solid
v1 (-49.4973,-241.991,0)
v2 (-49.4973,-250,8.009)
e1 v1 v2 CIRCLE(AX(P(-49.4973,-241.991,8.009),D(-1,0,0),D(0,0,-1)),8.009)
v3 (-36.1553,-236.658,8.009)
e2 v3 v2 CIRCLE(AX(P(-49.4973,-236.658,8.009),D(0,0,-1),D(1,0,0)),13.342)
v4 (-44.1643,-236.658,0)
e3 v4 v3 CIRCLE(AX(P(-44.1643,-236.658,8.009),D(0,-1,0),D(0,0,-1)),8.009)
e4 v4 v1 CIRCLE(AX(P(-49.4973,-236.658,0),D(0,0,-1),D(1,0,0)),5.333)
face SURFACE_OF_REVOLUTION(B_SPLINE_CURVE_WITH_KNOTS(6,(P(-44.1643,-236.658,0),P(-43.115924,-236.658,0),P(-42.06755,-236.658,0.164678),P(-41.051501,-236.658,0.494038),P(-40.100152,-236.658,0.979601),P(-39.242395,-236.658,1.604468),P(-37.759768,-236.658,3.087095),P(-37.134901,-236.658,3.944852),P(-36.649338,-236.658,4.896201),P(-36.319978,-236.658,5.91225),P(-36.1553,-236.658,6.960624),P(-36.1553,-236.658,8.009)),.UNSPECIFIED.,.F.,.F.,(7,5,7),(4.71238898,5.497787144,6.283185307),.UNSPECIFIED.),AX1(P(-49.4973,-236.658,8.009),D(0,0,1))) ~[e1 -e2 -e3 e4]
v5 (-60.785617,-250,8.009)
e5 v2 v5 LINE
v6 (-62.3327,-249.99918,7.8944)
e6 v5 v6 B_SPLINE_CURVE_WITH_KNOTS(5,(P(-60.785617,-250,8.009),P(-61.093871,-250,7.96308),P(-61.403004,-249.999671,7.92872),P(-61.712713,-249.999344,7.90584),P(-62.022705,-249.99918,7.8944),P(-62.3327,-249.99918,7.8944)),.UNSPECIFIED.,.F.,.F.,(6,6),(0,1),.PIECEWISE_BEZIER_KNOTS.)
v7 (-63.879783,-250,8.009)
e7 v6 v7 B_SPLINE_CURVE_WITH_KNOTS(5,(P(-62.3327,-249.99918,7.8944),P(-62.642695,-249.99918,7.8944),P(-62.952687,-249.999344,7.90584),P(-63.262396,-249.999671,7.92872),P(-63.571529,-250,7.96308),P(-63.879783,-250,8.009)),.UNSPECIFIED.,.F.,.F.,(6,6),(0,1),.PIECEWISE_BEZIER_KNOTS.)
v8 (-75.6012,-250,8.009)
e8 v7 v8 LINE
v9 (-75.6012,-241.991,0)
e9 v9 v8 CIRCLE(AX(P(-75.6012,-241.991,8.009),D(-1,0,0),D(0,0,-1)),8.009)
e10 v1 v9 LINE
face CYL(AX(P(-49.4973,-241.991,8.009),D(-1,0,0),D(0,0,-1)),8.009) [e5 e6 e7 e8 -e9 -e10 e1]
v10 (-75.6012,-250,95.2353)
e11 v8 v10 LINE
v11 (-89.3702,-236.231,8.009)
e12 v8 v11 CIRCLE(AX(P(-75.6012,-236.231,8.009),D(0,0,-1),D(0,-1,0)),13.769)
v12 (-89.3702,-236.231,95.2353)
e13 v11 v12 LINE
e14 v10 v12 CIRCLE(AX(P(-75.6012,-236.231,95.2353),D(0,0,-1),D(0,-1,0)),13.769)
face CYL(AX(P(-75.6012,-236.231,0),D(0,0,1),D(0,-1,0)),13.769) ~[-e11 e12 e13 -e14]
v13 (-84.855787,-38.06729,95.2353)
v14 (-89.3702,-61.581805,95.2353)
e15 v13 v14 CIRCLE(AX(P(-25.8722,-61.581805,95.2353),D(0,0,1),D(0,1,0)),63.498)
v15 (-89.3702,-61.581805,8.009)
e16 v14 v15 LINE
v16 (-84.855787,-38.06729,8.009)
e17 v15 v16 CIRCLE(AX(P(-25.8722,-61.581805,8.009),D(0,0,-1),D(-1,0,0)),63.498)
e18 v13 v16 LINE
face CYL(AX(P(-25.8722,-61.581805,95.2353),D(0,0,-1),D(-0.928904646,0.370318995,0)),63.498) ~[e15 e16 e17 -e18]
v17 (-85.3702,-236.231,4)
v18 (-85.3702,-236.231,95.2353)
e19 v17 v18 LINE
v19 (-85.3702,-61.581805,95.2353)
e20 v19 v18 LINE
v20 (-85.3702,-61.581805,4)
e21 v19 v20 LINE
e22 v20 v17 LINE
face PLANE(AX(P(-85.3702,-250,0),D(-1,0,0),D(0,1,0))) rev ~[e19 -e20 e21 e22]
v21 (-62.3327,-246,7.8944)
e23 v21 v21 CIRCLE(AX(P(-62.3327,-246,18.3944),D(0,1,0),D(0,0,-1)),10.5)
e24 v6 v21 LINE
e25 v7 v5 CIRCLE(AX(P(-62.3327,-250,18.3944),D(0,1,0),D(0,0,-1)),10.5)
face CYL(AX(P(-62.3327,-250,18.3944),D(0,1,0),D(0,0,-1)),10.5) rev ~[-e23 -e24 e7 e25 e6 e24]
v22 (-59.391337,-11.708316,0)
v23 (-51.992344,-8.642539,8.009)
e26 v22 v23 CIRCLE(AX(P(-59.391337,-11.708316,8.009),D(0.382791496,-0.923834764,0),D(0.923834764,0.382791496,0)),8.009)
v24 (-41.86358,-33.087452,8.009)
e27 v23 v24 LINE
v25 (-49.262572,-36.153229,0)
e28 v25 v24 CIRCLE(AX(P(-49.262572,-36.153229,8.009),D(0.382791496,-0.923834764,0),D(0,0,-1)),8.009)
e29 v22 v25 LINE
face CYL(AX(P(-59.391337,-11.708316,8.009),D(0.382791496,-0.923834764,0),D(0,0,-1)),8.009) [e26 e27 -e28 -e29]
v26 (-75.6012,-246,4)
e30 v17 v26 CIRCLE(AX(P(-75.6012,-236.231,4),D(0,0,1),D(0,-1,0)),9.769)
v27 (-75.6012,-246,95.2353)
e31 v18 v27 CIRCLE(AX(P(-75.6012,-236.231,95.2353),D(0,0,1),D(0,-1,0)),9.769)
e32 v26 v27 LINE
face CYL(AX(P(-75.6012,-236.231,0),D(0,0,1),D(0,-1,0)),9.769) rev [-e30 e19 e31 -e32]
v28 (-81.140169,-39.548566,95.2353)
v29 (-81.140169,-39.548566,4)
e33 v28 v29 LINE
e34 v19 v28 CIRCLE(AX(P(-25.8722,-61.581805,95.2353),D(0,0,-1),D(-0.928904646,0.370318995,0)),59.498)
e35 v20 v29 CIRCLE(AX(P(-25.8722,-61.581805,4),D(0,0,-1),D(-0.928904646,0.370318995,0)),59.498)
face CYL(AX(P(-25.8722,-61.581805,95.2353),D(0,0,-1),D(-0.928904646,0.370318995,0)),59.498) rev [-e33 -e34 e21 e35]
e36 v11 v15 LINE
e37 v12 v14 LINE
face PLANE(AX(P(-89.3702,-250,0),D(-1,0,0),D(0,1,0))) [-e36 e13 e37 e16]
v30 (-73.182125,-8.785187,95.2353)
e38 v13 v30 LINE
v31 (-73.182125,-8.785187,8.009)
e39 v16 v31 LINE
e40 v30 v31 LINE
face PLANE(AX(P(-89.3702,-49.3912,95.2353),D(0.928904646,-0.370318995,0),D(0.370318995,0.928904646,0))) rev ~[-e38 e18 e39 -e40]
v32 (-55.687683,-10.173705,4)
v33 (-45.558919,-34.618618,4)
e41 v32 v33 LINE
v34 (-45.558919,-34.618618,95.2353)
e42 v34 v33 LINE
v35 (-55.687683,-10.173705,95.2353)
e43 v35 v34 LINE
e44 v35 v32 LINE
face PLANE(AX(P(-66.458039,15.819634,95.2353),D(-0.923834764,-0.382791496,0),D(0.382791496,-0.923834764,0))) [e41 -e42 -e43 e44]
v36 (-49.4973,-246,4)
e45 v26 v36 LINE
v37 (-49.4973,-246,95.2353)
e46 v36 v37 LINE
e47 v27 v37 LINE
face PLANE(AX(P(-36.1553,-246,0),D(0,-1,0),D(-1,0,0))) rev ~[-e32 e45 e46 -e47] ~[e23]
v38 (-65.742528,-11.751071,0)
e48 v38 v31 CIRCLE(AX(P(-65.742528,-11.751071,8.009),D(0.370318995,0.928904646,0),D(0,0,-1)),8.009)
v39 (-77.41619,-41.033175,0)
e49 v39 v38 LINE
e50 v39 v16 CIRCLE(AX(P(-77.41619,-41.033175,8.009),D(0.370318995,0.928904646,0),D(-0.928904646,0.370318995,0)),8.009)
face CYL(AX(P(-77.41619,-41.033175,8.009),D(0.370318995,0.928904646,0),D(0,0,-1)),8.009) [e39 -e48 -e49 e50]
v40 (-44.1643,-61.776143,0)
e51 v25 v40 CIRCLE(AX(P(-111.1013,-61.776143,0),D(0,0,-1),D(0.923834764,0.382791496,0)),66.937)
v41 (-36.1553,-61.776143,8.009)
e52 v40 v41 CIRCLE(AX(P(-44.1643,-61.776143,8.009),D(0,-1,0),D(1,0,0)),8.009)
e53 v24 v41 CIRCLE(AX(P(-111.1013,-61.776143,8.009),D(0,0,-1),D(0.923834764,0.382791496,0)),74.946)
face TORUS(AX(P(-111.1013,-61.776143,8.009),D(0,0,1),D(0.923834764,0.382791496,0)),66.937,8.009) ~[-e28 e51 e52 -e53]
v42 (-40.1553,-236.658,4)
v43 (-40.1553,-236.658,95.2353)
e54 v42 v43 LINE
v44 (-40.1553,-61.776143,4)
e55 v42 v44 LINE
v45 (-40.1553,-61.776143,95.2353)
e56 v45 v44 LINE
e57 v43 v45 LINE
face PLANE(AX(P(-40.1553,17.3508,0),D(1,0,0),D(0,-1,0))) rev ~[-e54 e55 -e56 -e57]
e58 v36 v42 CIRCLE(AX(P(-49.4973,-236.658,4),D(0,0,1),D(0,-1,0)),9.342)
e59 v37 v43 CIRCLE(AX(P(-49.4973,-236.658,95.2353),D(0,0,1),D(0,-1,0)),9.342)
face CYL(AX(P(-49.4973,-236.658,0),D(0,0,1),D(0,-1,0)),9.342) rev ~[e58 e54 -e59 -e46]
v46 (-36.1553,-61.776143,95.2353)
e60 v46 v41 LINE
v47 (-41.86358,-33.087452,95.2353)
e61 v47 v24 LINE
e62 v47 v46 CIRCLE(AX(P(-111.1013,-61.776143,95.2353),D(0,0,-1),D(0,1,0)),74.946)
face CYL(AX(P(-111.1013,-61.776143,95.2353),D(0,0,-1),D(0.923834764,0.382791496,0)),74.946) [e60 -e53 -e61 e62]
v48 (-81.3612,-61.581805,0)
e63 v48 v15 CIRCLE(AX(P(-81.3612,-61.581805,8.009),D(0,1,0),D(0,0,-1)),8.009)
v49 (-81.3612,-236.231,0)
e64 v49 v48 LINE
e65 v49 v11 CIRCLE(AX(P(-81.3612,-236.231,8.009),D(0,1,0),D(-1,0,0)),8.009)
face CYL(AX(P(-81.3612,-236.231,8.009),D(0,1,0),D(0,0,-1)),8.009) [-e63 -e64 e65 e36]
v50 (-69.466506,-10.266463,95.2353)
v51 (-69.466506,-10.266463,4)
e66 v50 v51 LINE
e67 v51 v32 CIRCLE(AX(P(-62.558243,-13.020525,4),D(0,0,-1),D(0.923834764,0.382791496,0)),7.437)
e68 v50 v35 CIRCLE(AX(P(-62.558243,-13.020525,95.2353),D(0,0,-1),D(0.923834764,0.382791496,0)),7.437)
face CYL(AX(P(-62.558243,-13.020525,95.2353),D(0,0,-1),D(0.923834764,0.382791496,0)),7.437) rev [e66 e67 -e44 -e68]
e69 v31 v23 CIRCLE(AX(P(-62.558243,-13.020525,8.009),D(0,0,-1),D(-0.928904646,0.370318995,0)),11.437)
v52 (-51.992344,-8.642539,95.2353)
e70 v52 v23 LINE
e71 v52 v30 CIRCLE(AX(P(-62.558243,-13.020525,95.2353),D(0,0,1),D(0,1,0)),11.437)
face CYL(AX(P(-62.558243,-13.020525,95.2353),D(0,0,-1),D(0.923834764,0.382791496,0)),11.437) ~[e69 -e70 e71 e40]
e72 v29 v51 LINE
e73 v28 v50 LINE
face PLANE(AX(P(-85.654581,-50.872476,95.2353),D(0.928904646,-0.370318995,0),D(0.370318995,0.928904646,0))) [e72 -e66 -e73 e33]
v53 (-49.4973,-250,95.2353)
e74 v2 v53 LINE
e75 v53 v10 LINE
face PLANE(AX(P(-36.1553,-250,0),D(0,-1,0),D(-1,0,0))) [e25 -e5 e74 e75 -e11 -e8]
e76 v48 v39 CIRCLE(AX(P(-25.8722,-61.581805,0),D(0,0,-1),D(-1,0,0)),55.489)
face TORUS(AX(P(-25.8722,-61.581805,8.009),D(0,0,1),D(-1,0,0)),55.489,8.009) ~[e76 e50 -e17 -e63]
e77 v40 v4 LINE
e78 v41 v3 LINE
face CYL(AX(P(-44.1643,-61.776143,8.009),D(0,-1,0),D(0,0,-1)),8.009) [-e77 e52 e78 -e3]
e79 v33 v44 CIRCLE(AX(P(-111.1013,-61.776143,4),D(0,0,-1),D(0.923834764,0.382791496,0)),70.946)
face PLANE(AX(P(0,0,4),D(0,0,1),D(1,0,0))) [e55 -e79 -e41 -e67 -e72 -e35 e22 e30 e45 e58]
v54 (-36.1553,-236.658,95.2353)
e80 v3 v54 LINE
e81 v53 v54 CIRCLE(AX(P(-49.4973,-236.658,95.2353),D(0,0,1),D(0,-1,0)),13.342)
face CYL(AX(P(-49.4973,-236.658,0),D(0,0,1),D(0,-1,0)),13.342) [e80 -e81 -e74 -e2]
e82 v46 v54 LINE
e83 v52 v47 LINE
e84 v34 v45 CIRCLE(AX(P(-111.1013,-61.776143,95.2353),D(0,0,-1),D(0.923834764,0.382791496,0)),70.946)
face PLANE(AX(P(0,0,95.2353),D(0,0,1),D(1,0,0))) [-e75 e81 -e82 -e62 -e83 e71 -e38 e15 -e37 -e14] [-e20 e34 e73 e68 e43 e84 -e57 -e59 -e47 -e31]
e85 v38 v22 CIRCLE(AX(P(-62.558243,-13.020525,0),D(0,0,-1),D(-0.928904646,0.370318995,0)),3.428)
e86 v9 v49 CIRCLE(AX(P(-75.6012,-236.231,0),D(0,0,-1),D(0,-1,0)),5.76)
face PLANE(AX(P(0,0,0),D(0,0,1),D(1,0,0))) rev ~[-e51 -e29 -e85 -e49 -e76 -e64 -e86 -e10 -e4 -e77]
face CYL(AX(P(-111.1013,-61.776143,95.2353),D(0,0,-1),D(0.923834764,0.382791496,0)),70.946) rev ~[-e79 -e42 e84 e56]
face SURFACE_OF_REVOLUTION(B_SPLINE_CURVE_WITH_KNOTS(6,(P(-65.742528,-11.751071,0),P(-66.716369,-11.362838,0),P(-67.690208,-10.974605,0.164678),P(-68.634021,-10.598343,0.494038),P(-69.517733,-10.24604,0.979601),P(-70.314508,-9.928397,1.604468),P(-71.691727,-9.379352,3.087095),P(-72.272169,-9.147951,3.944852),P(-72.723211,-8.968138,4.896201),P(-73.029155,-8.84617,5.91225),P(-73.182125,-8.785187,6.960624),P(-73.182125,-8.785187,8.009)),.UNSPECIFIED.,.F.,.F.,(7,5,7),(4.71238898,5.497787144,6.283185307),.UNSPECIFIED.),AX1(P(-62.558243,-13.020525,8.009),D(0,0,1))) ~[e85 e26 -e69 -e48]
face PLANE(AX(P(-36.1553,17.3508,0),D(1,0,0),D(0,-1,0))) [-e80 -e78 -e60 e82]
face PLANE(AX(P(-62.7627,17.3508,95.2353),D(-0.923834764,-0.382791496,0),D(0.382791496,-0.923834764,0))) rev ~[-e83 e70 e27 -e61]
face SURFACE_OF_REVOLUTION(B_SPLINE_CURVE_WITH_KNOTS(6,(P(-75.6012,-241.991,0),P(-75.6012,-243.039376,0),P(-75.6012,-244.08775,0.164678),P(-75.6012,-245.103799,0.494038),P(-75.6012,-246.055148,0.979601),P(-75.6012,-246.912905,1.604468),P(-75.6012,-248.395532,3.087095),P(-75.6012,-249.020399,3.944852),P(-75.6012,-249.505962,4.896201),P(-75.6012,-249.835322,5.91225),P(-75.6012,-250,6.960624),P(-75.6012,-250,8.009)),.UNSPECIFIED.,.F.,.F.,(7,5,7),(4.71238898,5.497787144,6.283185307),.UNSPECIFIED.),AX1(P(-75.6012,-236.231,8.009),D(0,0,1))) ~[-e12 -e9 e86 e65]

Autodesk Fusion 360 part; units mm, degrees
sketch "Sketch1" plane through (0, 0, 0) normal (0, 0, 1) x (1, 0, 0)
  line L0 (-36.1553, -250) -> (-89.3702, -250)
  line L1 (-89.3702, -250) -> (-89.3702, 17.3508)
  line L2 (-89.3702, 17.3508) -> (-36.1553, 17.3508)
  line L3 (-36.1553, 17.3508) -> (-36.1553, -250)
extrude "Extrude1" add sketch "Sketch1" along normal blind 95.2353
sketch "Sketch2" plane through (0, 0, 95.2353) normal (0, 0, 1) x (-1, 0, 0)
  line L0 (36.1553, -17.3508) -> (89.3702, -17.3508)
  line L1 (89.3702, -17.3508) -> (89.3702, 250)
  line L2 (89.3702, 250) -> (36.1553, 250)
  line L3 (36.1553, 250) -> (36.1553, -17.3508)
  line L4 (89.3702, 49.3912) -> (62.7627, -17.3508)
  line L5 (62.7627, -17.3508) -> (36.1553, 46.8639)
extrude "Extrude2" cut sketch "Sketch2" against normal blind 218.776 contours L0 L3 L5 | L0 L1 L4
fillet "Fillet1" radius 11.437 1 edges at (-62.7627, 17.3508, 47.6177)
fillet "Fillet2" radius 63.498 1 edges at (-89.3702, -49.3912, 47.6177)
fillet "Fillet3" radius 74.946 1 edges at (-36.1553, -46.8639, 47.6177)
fillet "Fillet4" radius 13.769 1 edges at (-89.3702, -250, 47.6177)
fillet "Fillet5" radius 13.342 1 edges at (-36.1553, -250, 47.6177)
shell "Shell1" thickness 4 removed faces 1 at (-53.8936, -178.2217, 95.2353)
fillet "Fillet8" radius 8.009 1 faces at (-53.8936, -178.2217, 0)
hole "Hole2" at (-62.3327, -250, 18.3944) direction (0, 1, 0) diameter 21 depth 30 tip angle 118
